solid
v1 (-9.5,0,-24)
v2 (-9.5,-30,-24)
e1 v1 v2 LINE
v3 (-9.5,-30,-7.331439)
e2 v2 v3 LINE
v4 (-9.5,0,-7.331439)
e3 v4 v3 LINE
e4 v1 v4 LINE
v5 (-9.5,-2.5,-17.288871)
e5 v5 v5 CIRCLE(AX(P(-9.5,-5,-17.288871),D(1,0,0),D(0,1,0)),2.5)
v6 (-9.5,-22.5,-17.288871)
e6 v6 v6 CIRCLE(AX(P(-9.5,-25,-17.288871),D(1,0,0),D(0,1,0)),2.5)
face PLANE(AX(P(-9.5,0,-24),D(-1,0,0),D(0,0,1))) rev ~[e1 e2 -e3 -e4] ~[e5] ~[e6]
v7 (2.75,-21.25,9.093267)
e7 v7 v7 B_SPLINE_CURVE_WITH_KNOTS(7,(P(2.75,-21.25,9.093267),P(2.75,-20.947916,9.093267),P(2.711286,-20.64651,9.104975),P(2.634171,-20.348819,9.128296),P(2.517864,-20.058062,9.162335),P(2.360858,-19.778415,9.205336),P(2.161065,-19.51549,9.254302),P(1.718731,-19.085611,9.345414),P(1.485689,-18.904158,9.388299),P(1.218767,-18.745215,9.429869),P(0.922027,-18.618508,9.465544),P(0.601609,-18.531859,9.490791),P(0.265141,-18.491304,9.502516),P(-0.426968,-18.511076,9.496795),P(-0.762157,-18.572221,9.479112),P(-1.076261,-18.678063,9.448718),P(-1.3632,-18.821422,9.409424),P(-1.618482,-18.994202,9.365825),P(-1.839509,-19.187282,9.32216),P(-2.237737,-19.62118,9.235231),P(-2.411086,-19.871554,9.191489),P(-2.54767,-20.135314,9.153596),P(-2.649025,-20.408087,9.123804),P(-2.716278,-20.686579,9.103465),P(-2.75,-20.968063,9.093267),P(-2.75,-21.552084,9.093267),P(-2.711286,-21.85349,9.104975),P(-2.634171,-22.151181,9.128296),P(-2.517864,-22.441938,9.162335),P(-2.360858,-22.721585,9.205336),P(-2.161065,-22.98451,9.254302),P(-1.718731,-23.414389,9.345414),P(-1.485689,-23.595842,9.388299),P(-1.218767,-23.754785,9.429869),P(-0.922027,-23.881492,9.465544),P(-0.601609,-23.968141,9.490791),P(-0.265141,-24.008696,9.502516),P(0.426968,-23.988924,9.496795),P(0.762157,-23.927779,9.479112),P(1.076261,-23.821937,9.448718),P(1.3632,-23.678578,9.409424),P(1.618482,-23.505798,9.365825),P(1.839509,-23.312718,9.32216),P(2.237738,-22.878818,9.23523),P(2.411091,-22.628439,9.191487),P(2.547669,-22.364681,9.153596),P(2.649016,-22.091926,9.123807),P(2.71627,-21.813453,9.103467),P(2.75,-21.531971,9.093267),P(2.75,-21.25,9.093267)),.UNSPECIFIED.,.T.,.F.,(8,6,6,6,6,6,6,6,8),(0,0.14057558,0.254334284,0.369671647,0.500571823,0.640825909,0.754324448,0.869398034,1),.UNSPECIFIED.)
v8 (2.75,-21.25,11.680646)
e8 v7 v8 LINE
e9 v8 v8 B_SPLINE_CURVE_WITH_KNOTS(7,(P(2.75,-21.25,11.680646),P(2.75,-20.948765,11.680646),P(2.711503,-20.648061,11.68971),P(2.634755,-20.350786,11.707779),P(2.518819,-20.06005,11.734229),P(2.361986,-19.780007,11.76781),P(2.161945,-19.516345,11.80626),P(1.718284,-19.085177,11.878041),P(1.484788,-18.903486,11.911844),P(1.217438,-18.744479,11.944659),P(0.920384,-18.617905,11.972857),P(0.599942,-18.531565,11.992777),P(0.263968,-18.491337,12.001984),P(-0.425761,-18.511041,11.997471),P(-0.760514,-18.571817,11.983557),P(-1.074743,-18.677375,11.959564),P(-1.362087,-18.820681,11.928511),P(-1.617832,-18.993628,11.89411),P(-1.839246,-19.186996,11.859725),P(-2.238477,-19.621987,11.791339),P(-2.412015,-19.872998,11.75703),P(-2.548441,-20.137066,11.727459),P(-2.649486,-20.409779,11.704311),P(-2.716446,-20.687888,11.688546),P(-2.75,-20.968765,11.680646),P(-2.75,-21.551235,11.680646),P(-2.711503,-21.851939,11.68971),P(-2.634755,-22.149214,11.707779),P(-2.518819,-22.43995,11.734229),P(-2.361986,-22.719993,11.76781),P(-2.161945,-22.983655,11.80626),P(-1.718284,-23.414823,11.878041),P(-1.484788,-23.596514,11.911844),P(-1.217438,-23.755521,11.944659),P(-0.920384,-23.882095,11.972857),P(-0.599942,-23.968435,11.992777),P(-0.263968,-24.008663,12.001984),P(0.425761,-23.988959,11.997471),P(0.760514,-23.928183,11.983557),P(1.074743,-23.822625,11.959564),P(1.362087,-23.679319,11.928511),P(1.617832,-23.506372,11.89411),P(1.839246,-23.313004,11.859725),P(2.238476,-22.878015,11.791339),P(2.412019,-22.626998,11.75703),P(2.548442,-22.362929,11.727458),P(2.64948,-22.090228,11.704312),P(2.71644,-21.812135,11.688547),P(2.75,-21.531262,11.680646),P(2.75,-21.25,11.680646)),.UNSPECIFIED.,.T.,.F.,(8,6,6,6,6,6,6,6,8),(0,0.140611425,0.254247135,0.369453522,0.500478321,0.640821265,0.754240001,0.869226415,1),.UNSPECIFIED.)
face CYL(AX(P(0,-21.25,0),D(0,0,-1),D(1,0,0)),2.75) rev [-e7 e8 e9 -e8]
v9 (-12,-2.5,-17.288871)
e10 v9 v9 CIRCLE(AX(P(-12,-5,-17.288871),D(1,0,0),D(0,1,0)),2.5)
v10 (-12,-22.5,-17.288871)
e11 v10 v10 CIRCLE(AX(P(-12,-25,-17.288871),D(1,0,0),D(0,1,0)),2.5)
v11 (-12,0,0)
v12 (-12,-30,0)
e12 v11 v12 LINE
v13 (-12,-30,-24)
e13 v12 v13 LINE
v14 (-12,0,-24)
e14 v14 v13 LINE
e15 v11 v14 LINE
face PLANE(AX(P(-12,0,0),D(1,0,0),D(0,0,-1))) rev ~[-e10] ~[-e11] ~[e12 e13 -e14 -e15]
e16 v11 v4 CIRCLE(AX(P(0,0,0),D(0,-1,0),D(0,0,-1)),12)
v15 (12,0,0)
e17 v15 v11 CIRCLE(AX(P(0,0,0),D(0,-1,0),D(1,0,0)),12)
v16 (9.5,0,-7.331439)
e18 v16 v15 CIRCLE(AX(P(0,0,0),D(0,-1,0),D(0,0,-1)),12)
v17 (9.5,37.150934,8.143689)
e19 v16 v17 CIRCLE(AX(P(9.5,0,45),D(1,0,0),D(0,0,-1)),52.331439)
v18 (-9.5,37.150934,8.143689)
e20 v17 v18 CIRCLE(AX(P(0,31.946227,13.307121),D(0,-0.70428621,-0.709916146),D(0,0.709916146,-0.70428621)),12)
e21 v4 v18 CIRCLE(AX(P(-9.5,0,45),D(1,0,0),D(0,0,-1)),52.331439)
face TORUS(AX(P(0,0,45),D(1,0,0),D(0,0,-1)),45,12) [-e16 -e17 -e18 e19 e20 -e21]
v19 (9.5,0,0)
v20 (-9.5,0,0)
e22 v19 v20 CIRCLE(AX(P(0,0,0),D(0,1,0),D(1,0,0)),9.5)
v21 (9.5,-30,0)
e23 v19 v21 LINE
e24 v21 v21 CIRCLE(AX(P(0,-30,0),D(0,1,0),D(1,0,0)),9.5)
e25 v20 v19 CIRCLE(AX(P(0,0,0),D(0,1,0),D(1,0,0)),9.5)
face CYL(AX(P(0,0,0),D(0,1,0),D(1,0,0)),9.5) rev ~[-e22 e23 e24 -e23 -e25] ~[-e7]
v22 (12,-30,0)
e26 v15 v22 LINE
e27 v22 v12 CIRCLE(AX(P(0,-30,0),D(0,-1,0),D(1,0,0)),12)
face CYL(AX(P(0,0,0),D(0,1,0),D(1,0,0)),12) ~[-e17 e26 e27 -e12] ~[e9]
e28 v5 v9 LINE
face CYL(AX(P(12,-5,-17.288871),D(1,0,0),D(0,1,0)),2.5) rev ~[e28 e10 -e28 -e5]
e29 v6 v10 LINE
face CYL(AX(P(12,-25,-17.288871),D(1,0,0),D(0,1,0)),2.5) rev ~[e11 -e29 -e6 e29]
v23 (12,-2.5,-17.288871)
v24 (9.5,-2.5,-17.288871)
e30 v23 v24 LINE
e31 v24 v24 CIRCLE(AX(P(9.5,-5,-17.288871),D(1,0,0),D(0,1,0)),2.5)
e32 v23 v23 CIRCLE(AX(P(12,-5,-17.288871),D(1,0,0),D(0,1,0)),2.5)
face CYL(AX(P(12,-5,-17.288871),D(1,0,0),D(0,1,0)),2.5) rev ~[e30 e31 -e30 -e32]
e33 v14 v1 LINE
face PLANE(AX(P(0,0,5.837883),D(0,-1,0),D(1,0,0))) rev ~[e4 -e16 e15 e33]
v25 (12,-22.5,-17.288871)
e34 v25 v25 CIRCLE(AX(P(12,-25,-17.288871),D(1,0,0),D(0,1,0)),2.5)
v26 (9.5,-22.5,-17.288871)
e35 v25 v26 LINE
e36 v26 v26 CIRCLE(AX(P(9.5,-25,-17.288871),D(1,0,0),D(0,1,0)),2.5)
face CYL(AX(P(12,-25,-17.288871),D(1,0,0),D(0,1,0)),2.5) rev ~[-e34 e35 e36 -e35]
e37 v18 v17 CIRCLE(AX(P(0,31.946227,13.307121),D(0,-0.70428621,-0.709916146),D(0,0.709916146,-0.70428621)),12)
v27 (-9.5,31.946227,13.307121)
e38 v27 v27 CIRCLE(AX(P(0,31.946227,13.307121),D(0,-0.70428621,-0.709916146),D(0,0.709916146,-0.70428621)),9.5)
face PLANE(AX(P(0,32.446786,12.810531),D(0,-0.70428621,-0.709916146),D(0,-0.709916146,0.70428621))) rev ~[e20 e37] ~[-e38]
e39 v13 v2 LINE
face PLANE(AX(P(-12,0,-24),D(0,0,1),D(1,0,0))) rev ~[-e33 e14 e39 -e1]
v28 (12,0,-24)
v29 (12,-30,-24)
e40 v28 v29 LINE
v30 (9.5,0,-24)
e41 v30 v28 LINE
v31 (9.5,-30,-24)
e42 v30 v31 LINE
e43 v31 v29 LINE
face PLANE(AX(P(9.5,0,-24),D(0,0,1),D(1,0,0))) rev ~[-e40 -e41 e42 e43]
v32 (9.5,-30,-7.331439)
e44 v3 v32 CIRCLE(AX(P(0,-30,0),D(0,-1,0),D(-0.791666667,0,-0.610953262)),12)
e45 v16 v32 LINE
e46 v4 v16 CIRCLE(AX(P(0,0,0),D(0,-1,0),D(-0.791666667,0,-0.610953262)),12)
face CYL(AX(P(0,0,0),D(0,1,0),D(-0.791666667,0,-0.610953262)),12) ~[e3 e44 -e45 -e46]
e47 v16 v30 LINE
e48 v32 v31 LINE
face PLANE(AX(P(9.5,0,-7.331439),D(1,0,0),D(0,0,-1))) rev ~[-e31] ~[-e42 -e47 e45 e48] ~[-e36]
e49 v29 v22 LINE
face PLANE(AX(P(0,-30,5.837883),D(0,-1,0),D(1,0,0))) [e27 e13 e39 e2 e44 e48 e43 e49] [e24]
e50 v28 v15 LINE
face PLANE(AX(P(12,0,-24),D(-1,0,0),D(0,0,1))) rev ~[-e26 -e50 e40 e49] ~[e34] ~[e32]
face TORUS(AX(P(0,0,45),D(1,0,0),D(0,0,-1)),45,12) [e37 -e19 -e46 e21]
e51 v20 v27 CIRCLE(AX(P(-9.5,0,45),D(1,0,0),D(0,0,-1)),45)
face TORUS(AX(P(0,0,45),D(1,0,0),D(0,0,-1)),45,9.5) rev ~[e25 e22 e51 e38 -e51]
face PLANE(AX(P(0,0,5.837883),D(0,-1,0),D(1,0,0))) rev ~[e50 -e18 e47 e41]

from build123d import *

# Parameters (mm, degrees)
F1_DEPTH = 30
F4_R     = 2.5
F5_DEPTH = 50
F6_R     = 2.75
F7_DEPTH = 25


with BuildPart() as f1:
    # F0 (on Front) → F1 (new body)
    with BuildSketch(Plane.XZ):
        with BuildLine():
            Line((9.5, 0), (12, 0))
            ThreePointArc((12, 0), (0, 12), (-12, 0))
            Line((-12, 0), (-9.5, 0))
            ThreePointArc((-9.5, 0), (0, 9.5), (9.5, 0))
        make_face()
        with BuildLine():
            Line((12, -24), (12, 0))
            ThreePointArc((12, 0), (11.3578166916, -3.8729833462), (9.5, -7.3314391493))
            Line((9.5, -7.3314391493), (9.5, -24))
            Line((9.5, -24), (12, -24))
        make_face()
        with BuildLine():
            ThreePointArc((9.5, -7.3314391493), (11.3578166916, -3.8729833462), (12, 0))
            Line((12, 0), (9.5, 0))
            Line((9.5, 0), (9.5, -7.3314391493))
        make_face()
        with BuildLine():
            Line((-9.5, 0), (-12, 0))
            ThreePointArc((-12, 0), (-11.3578166916, -3.8729833462), (-9.5, -7.3314391493))
            Line((-9.5, -7.3314391493), (-9.5, 0))
        make_face()
        with BuildLine():
            ThreePointArc((-9.5, -7.3314391493), (-11.3578166916, -3.8729833462), (-12, 0))
            Line((-12, 0), (-12, -24))
            Line((-12, -24), (-9.5, -24))
            Line((-9.5, -24), (-9.5, -7.3314391493))
        make_face()
        with BuildLine():
            ThreePointArc((-9.5, -7.3314391493), (0, -12), (9.5, -7.3314391493))
            Line((9.5, -7.3314391493), (9.5, 0))
            ThreePointArc((9.5, 0), (0, -9.5), (-9.5, 0))
            Line((-9.5, 0), (-9.5, -7.3314391493))
        make_face()
    extrude(amount=F1_DEPTH)

    # F3: sweep along a path in F2
    with BuildLine(Plane.YZ) as f3_path:
        ThreePointArc((0, 0), (17.3034739964, 3.4597810832), (31.9462265702, 13.3071205486))
    # F0 (on Front) → F3 (sweep)
    with BuildSketch(Plane.XZ):
        with BuildLine():
            Line((9.5, 0), (12, 0))
            ThreePointArc((12, 0), (0, 12), (-12, 0))
            Line((-12, 0), (-9.5, 0))
            ThreePointArc((-9.5, 0), (0, 9.5), (9.5, 0))
        make_face()
        with BuildLine():
            ThreePointArc((9.5, -7.3314391493), (11.3578166916, -3.8729833462), (12, 0))
            Line((12, 0), (9.5, 0))
            Line((9.5, 0), (9.5, -7.3314391493))
        make_face()
        with BuildLine():
            ThreePointArc((-9.5, -7.3314391493), (0, -12), (9.5, -7.3314391493))
            Line((9.5, -7.3314391493), (9.5, 0))
            ThreePointArc((9.5, 0), (0, -9.5), (-9.5, 0))
            Line((-9.5, 0), (-9.5, -7.3314391493))
        make_face()
        with BuildLine():
            Line((-9.5, 0), (-12, 0))
            ThreePointArc((-12, 0), (-11.3578166916, -3.8729833462), (-9.5, -7.3314391493))
            Line((-9.5, -7.3314391493), (-9.5, 0))
        make_face()
    sweep(path=f3_path.line)

    # F4 (on face) → F5 (cut)
    with BuildSketch(Plane.YZ.offset(12)):
        with Locations((-25, -17.2888711095)):
            Circle(F4_R)
        with Locations((-5, -17.2888711095)):
            Circle(F4_R)
    extrude(amount=-F5_DEPTH, mode=Mode.SUBTRACT)

    # F6 (on Top) → F7 (cut)
    with BuildSketch(Plane.XY):
        with Locations((0, -21.25)):
            Circle(F6_R)
    extrude(amount=F7_DEPTH, mode=Mode.SUBTRACT)


solid = f1.part
